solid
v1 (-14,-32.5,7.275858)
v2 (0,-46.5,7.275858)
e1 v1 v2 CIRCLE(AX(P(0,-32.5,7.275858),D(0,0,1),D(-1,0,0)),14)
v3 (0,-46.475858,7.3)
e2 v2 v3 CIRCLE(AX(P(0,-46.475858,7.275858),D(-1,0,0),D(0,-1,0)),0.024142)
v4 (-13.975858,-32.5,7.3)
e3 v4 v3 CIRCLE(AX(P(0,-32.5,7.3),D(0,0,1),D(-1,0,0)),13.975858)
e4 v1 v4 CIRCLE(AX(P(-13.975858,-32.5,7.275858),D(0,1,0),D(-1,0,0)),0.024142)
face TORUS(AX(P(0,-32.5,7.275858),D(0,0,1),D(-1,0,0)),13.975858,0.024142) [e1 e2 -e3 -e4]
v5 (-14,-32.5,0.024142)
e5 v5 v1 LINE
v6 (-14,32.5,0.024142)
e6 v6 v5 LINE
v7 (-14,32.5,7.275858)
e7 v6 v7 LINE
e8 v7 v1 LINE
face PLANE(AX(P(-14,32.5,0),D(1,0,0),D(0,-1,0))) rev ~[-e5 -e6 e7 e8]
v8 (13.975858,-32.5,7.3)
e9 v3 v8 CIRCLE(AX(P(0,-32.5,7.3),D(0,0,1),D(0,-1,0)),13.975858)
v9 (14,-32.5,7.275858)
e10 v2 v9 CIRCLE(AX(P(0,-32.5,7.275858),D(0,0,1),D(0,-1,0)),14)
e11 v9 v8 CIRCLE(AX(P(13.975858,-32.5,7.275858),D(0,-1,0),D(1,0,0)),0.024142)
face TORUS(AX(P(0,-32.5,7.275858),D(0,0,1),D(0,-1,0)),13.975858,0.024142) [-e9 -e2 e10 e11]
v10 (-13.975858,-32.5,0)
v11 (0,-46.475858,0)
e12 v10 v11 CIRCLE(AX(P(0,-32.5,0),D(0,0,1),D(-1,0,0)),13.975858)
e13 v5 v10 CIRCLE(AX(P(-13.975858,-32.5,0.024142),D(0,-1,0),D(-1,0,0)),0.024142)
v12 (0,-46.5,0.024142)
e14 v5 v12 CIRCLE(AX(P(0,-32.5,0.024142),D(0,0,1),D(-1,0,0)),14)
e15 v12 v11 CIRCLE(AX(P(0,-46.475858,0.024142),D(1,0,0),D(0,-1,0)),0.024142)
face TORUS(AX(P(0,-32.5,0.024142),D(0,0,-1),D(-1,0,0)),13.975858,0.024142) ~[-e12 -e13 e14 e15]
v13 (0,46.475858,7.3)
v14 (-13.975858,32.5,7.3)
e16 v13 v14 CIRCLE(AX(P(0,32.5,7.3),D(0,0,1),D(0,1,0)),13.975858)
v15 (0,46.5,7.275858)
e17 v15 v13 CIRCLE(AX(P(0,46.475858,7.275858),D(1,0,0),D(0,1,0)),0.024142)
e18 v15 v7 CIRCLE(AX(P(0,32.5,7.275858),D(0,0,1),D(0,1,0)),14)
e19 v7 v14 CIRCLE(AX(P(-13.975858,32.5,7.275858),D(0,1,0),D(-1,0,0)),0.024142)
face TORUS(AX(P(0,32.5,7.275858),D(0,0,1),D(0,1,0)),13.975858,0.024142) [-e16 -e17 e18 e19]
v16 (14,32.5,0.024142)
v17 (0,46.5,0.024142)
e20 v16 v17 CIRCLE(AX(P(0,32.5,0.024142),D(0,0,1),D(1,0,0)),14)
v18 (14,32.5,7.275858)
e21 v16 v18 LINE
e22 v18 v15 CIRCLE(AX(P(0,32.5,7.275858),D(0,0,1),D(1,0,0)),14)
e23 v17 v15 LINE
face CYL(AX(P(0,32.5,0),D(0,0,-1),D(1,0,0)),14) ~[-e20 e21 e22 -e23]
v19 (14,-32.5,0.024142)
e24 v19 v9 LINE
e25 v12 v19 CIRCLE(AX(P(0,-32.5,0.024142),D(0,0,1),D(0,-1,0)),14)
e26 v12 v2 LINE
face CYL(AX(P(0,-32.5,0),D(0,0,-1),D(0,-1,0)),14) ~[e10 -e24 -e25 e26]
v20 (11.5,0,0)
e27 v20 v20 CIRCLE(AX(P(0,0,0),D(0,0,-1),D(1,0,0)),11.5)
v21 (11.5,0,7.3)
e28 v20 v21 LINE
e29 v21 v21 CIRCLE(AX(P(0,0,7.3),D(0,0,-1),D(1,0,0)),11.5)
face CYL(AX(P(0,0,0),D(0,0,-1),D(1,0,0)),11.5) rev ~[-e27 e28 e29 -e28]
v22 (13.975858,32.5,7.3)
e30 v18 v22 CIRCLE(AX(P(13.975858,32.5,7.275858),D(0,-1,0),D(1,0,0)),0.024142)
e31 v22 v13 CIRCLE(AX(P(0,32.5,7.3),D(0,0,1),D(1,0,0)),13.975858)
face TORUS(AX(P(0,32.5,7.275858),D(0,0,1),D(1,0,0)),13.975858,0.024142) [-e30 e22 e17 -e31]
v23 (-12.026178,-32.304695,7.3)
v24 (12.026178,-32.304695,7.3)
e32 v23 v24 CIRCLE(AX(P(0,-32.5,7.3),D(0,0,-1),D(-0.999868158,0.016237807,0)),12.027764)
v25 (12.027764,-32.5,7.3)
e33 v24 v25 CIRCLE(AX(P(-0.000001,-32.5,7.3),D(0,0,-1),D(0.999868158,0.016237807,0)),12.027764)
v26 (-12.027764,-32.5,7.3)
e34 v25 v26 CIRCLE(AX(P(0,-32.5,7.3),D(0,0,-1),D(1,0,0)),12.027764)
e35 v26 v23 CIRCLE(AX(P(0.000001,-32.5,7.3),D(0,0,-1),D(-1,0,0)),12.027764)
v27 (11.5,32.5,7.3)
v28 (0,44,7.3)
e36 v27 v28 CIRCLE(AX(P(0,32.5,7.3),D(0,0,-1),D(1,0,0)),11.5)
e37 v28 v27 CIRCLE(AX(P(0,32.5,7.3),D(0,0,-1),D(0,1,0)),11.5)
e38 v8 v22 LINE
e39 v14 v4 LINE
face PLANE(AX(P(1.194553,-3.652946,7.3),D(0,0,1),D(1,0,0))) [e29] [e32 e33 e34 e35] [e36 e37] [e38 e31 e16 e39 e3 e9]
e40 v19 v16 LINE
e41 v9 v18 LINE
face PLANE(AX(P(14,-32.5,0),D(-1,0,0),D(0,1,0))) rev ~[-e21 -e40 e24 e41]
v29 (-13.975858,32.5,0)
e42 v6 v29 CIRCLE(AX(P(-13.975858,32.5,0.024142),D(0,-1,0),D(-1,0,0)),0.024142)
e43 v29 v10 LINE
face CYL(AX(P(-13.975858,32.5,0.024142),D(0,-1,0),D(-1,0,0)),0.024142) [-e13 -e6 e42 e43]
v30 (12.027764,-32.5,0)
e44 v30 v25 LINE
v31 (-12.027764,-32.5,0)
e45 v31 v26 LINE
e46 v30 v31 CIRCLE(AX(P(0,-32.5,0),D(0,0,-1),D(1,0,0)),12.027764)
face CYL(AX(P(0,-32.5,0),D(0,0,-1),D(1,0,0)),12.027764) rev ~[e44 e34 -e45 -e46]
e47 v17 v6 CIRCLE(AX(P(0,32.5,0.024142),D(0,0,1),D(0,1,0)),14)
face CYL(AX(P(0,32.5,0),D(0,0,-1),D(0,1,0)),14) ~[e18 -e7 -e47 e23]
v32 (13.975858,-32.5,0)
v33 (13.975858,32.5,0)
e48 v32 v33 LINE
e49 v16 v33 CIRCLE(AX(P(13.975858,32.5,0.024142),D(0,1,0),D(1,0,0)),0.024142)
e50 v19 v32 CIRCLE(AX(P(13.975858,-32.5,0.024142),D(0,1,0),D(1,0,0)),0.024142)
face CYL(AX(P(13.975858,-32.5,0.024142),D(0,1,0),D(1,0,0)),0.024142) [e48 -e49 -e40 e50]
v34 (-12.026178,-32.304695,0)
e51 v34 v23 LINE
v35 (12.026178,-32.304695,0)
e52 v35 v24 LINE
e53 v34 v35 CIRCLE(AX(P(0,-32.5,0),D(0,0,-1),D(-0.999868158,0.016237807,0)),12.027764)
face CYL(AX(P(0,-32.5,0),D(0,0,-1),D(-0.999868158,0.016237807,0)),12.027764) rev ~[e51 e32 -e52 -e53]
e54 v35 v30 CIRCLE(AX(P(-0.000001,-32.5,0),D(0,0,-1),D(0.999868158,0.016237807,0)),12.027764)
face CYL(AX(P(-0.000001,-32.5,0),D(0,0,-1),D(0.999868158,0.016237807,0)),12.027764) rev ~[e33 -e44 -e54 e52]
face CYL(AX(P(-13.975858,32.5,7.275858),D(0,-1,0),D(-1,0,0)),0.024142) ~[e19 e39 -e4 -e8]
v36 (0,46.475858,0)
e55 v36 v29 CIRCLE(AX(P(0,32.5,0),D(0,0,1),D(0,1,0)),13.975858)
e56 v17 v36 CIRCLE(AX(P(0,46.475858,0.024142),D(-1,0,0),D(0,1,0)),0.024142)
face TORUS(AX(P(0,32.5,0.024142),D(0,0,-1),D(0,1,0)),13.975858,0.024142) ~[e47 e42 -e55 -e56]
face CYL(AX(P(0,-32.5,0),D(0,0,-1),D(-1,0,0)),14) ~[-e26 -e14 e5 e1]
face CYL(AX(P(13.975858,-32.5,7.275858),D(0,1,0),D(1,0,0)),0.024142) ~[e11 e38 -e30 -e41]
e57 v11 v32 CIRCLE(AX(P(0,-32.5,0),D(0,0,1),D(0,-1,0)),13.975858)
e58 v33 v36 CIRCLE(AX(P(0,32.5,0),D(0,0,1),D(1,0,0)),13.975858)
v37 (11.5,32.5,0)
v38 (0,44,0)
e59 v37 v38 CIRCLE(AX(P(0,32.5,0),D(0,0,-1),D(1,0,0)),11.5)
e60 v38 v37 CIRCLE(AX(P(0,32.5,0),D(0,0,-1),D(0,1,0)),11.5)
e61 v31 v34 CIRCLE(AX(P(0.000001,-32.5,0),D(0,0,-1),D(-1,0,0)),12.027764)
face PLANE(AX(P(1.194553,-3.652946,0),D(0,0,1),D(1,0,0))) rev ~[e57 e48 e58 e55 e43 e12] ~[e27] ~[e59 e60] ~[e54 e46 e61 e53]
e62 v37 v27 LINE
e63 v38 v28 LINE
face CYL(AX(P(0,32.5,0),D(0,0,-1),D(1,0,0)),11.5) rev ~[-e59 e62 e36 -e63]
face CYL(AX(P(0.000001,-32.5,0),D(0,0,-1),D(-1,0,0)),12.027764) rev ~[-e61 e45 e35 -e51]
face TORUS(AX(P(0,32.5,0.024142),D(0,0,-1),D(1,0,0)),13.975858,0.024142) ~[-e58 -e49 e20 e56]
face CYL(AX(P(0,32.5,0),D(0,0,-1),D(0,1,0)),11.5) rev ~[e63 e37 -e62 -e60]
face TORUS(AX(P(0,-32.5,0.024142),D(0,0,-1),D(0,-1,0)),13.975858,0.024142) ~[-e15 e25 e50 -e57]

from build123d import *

# Parameters (mm, degrees)
F1_DEPTH = 7.3
F2_R     = 0.0241421356


with BuildPart() as f1:
    # F0 (on Top) → F1 (new body)
    with BuildSketch(Plane.XY):
        with BuildLine():
            ThreePointArc((14, 32.5), (9.8994949366, 42.3994949366), (0, 46.5))
            ThreePointArc((0, 46.5), (-9.8994949366, 42.3994949366), (-14, 32.5))
            Line((-14, 32.5), (-14, -32.5))
            Line((-14, -32.5), (-12.0277635282, -32.5))
            ThreePointArc((-12.0277635282, -32.5), (-12.0273670809, -32.4023445279), (-12.0261777652, -32.3046954935))
            ThreePointArc((-12.0261777652, -32.3046954935), (0, -20.4722364718), (12.0261777652, -32.3046954935))
            ThreePointArc((12.0261777652, -32.3046954935), (12.0273670809, -32.4023445279), (12.0277635282, -32.5))
            ThreePointArc((12.0277635282, -32.5), (8.5049131533, -41.0049131533), (0, -44.5277635282))
            Line((0, -44.5277635282), (0, -46.5))
            ThreePointArc((0, -46.5), (9.8994949366, -42.3994949366), (14, -32.5))
            Line((14, -32.5), (14, 32.5))
        make_face()
        with BuildLine():
            ThreePointArc((-11.5, 0), (0, 11.5), (11.5, 0))
            ThreePointArc((11.5, 0), (0, -11.5), (-11.5, 0))
        make_face(mode=Mode.SUBTRACT)
        with BuildLine():
            ThreePointArc((11.5, 32.5), (-8.1317279836, 24.3682720164), (0, 44))
            ThreePointArc((0, 44), (8.1317279836, 40.6317279836), (11.5, 32.5))
        make_face(mode=Mode.SUBTRACT)
        with BuildLine():
            Line((-12.0277635282, -32.5), (-14, -32.5))
            ThreePointArc((-14, -32.5), (-9.8994949366, -42.3994949366), (0, -46.5))
            Line((0, -46.5), (0, -44.5277635282))
            ThreePointArc((0, -44.5277635282), (-8.5049131533, -41.0049131533), (-12.0277635282, -32.5))
        make_face()
    extrude(amount=F1_DEPTH)

    # F2
    f2_edges = [f1.edges().sort_by_distance(p)[0] for p in [
        (0, 46.5, 7.3),
        (-14, 0, 7.3),
        (0, -46.5, 7.3),
        (14, 0, 7.3),
        (0, 46.5, 0),
        (14, 0, 0),
        (-14, 0, 0),
        (0, -46.5, 0),
    ]]
    fillet(f2_edges, radius=F2_R)


solid = f1.part
